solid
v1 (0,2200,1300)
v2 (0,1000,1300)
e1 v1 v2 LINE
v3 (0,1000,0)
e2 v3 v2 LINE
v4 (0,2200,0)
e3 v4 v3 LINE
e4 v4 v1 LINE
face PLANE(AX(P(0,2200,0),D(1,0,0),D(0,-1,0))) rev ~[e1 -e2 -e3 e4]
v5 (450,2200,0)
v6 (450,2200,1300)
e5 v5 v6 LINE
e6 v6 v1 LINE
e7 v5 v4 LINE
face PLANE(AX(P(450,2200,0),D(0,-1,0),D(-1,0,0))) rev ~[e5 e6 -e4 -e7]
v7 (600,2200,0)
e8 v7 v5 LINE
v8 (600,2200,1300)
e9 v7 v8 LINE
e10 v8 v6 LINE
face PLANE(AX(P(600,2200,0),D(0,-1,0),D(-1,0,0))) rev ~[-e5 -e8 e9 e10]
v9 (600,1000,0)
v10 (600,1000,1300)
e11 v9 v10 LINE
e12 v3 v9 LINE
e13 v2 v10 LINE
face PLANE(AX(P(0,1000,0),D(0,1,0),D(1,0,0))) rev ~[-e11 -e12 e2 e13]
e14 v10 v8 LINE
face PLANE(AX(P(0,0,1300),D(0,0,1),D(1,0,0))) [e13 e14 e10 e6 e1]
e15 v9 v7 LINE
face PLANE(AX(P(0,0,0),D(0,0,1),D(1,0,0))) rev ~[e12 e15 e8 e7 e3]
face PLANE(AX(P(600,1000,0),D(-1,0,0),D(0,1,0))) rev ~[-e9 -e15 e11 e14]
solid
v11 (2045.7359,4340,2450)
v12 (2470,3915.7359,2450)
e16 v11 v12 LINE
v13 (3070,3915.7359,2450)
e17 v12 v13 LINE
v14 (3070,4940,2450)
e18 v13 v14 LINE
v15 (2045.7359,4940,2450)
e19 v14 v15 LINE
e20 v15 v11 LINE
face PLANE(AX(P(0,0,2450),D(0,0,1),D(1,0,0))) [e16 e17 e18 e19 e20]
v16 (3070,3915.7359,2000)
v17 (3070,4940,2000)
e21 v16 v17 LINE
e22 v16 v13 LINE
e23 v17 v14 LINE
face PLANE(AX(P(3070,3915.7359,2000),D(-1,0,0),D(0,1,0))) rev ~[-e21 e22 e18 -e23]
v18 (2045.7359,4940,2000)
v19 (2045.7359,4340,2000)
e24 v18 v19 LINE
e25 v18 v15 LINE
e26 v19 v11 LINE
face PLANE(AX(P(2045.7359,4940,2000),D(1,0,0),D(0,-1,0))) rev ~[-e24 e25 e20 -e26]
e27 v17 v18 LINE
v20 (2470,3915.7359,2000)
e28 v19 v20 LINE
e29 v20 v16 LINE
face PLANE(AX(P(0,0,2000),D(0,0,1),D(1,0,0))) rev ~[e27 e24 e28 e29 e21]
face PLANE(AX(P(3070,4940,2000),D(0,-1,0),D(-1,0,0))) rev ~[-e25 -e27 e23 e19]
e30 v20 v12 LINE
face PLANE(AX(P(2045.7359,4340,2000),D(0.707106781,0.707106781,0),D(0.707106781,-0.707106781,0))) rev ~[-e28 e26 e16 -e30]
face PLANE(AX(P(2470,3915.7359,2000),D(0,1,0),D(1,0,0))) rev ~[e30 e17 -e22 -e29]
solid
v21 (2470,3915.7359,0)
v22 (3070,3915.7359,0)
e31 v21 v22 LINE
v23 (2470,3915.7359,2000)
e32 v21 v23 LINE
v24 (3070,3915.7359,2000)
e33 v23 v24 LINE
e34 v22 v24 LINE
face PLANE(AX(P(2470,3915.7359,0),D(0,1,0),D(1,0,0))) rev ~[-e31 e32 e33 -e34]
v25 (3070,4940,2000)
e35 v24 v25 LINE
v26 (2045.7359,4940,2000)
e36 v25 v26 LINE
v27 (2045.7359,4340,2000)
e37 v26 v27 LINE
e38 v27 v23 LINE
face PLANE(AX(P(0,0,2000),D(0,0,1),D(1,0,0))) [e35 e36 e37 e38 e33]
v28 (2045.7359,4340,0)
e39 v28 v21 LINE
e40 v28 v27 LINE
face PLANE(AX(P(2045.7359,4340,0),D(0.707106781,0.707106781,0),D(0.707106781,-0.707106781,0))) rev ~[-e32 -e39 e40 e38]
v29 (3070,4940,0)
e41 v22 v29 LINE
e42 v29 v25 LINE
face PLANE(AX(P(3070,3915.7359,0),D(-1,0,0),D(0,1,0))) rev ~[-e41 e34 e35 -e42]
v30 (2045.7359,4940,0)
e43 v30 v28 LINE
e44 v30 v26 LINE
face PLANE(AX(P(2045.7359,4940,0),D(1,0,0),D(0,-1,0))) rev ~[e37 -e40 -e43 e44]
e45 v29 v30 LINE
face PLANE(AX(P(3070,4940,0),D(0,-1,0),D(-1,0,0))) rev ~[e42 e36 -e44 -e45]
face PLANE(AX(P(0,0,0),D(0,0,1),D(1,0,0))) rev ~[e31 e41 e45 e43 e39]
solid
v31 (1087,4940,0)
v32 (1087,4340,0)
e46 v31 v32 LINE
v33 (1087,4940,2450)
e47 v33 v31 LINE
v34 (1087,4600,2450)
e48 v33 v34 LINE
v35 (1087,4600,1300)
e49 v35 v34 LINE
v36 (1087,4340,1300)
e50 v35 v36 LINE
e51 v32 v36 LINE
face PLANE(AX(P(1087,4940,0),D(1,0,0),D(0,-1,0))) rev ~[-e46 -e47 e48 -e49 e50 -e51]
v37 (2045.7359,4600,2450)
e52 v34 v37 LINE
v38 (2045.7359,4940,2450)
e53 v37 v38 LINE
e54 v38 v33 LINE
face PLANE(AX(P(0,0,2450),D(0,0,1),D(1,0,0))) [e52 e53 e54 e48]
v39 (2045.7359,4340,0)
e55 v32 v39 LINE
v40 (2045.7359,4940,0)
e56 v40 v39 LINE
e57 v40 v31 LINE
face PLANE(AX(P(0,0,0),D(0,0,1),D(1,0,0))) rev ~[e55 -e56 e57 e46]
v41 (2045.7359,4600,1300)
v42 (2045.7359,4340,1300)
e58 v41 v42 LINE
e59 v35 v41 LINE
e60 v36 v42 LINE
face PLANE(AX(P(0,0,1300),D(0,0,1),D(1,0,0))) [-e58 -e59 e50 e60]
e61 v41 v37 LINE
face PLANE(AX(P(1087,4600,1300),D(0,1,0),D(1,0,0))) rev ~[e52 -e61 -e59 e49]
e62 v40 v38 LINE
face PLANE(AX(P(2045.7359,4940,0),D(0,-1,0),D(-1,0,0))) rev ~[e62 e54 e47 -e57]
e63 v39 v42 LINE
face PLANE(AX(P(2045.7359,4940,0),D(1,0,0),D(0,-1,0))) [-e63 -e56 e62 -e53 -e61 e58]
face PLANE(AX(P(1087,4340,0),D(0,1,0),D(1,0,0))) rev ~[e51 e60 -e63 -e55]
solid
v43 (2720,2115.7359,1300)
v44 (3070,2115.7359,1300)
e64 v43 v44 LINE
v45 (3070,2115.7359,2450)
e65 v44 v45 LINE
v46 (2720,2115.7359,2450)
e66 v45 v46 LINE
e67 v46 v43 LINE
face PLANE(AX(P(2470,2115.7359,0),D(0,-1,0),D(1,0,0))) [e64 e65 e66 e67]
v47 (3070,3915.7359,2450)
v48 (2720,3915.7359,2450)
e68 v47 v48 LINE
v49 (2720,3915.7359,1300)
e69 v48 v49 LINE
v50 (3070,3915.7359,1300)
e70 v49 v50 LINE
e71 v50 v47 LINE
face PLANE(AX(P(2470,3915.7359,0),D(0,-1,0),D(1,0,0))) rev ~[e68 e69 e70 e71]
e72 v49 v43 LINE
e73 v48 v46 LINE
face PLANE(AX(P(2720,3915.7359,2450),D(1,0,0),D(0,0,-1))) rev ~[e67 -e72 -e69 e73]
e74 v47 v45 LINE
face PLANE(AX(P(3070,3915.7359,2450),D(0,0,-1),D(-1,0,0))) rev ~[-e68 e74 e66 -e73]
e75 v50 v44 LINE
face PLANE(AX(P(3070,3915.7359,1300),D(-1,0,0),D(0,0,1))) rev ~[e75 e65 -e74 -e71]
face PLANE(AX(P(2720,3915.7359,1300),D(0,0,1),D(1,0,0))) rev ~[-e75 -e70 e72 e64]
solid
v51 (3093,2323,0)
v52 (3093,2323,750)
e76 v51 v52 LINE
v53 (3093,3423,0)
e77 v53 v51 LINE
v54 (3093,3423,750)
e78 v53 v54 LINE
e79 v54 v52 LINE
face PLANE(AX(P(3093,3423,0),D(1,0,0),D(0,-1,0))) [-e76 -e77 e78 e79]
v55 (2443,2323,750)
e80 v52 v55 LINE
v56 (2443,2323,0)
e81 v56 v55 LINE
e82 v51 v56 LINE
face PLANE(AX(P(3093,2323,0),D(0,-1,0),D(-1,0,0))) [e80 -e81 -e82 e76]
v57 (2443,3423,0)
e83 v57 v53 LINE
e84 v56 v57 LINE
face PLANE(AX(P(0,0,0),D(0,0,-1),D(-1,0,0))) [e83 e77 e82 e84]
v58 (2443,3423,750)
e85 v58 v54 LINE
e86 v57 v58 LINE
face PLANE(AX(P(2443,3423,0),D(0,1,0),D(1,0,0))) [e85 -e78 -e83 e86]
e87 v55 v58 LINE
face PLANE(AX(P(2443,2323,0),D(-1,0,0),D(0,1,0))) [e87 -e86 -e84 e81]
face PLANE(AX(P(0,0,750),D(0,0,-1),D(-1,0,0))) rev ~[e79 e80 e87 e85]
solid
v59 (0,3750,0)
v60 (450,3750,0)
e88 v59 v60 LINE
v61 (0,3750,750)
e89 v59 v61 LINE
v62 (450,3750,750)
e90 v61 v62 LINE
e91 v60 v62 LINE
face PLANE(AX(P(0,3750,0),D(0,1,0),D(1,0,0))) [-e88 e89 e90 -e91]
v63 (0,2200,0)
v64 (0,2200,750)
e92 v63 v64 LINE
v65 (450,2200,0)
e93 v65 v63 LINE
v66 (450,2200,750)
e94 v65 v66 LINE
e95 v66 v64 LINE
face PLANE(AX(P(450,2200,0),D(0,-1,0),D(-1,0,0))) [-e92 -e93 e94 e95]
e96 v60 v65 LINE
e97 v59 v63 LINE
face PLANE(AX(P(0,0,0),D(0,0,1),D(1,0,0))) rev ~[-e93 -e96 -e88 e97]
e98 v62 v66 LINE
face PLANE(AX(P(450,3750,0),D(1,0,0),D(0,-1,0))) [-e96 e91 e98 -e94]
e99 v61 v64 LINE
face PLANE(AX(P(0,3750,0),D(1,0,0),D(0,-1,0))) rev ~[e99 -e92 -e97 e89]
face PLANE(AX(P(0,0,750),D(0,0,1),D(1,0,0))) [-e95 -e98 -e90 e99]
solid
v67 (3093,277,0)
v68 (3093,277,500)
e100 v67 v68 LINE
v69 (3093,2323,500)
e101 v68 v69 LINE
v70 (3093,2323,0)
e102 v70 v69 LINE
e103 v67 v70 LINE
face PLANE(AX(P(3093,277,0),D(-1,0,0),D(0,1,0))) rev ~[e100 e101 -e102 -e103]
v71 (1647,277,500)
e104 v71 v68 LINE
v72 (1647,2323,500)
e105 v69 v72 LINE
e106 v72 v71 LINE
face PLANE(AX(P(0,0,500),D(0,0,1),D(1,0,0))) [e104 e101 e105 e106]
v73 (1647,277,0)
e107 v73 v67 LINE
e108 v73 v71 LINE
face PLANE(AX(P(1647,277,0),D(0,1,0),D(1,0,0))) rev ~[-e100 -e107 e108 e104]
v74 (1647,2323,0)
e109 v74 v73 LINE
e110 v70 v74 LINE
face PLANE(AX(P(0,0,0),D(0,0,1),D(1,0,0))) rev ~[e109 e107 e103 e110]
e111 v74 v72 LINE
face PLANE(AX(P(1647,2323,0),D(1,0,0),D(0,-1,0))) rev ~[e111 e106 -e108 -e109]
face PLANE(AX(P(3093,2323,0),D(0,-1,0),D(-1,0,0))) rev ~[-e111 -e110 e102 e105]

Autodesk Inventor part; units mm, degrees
ref_plane "YZ Plane" through (0, 0, 0) normal (1, 0, 0) x (0, 1, 0)
ref_plane "XZ Plane" through (0, 0, 0) normal (0, 1, 0) x (-1, 0, 0)
ref_plane "XY Plane" through (0, 0, 0) normal (0, 0, 1) x (1, 0, 0)
sketch "Sketch1" plane through (0, 0, 0) normal (0, 0, 1) x (1, 0, 0)
  line L0 (0, 0) -> (3070, 0)
  line L1 (3070, 0) -> (3070, 4940)
  line L2 (3070, 4940) -> (0, 4940)
  line L3 (0, 4940) -> (0, 0)
  line L4 (-250, -250) -> (3320, -250)
  line L5 (3320, -250) -> (3320, 5190)
  line L6 (3320, 5190) -> (-250, 5190)
  line L7 (-250, 5190) -> (-250, -250)
  line L8 (57, 5190) -> (1057, 5190)
  line L9 (1057, 5190) -> (1057, 4940)
  line L10 (1057, 4940) -> (57, 4940)
  line L11 (57, 4940) -> (57, 5190)
  dimension "d0" = 3070
  dimension "d1" = 4940
  dimension "d2" = 250
  dimension "d4" = 2013
  dimension "d5" = 1000
sketch "Sketch3" plane through (0, 0, 0) normal (0, 0, 1) x (1, 0, 0)
  line L0 (2045.7359, 4340) -> (2470, 3915.7359)
  line L1 (2470, 3915.7359) -> (3070, 3915.7359)
  line L2 (3070, 3915.7359) -> (3070, 4940)
  line L3 (3070, 4940) -> (2045.7359, 4940)
  line L4 (2045.7359, 4940) -> (2045.7359, 4340)
  line L5 (3070, 4940) -> (0, 4940) projected
  line L6 (3070, 0) -> (3070, 4940) projected
  line L7 (2045.7359, 4940) -> (1087, 4940)
  line L8 (1087, 4940) -> (1087, 4340)
  line L9 (1087, 4340) -> (2045.7359, 4340)
  line L10 (2045.7359, 4340) -> (2045.7359, 4940)
  line L11 (1057, 5190) -> (1057, 4940) projected
  point P0 (0, 0)
  dimension "d6" = 45
  dimension "d7" = 600
  dimension "d9" = 600
  dimension "d10" = 30
extrude "Extrusion1" add sketch "Sketch3" along normal blind 2000 contours L4 L3 L2 L1 L0
extrude "Extrusion2" add sketch "Sketch3" along normal blind 1300 separate body contours L9 L8 L5 L4
sketch "Sketch4" plane through (0, 0, 2000) normal (0, 0, 1) x (1, 0, 0)
  line L0 (2045.7359, 4340) -> (2470, 3915.7359) projected
  line L1 (2470, 3915.7359) -> (3070, 3915.7359) projected
  line L2 (3070, 3915.7359) -> (3070, 4940) projected
  line L3 (3070, 4940) -> (2045.7359, 4940) projected
  line L4 (2045.7359, 4940) -> (2045.7359, 4340) projected
  point P0 (0, 0)
ref_plane "Work Plane1" through (0, 0, 2450) normal (0, 0, -1) x (-1, 0, 0)
extrude "Extrusion3" add sketch "Sketch4" along normal up to surface (450 mm away) separate body
sketch "Sketch5" plane through (0, 0, 1300) normal (0, 0, 1) x (1, 0, 0)
  line L0 (1087, 4940) -> (1087, 4340) projected
  line L1 (2045.7359, 4940) -> (1087, 4940)
  line L2 (1087, 4940) -> (1087, 4600)
  line L3 (1087, 4600) -> (2045.7359, 4600)
  line L4 (2045.7359, 4600) -> (2045.7359, 4940)
  point P0 (0, 0)
  dimension "d18" = 340
extrude "Extrusion4" add sketch "Sketch5" along normal up to surface (1150 mm away) bodies 2
sketch "Sketch6" plane through (2470, 3915.7359, 0) normal (0, -1, 0) x (1, 0, 0)
  line L0 (0, 0) -> (600, 0) projected
  line L1 (600, 2450) -> (250, 2450)
  line L2 (250, 2450) -> (250, 1300)
  line L3 (250, 1300) -> (600, 1300)
  line L4 (600, 1300) -> (600, 2450)
  point P0 (-2470, 0)
  dimension "d22" = 1300
  dimension "d23" = 350
extrude "Extrusion5" add sketch "Sketch6" along normal blind 1800 separate body
sketch "Sketch7" plane through (0, 0, 0) normal (0, 0, 1) x (1, 0, 0)
  line L0 (0, 4940) -> (0, 0) projected
  line L1 (0, 1000) -> (600, 1000)
  line L2 (600, 1000) -> (600, 2200)
  line L3 (600, 2200) -> (0, 2200)
  line L4 (0, 2200) -> (0, 1000)
  line L5 (0, 3750) -> (450, 3750)
  line L6 (450, 3750) -> (450, 2200)
  line L7 (450, 2200) -> (0, 2200)
  line L8 (0, 2200) -> (0, 3750)
  dimension "d26" = 1200
  dimension "d28" = 1550
  dimension "d29" = 450
  dimension "d30" = 600
  dimension "d31" = 1000
extrude "Extrusion6" add sketch "Sketch7" along normal blind 1300 separate body contours L3 L2 L1 L0
extrude "Extrusion7" add sketch "Sketch7" along normal blind 750 separate body contours L5 L6 L3 L0
sketch "Sketch8" plane through (0, 0, 0) normal (0, 0, 1) x (1, 0, 0)
  line L0 (3070, 300) -> (1670, 300) construction
  line L1 (1670, 300) -> (1670, 2300) construction
  line L2 (1670, 2300) -> (3070, 2300) construction
  line L3 (3070, 2300) -> (3070, 300) construction
  line L4 (3070, 3915.7359) -> (3070, 4940) projected
  line L5 (1647, 2323) -> (1647, 277)
  line L6 (1647, 277) -> (3093, 277)
  line L7 (3093, 277) -> (3093, 2323)
  line L8 (3093, 2323) -> (1647, 2323)
  point P0 (0, 0)
  dimension "d36" = 1400
  dimension "d38" = 300
  dimension "d39" = 2000
  dimension "d40" = 23
extrude "Extrusion8" add sketch "Sketch8" along normal blind 500 separate body
ref_plane "Plintuso aukstis" through (0, 0, 70) normal (0, 0, -1) x (-1, 0, 0)
sketch "Sketch9" plane through (0, 0, 0) normal (0, 0, -1) x (-1, 0, 0)
  line L0 (-3093, 2323) -> (-2443, 2323)
  line L1 (-2443, 2323) -> (-2443, 3423)
  line L2 (-2443, 3423) -> (-3093, 3423)
  line L3 (-3093, 3423) -> (-3093, 2323)
  line L4 (-2470, 3915.7359) -> (-3070, 3915.7359) projected
  point P0 (0, 0)
  dimension "d45" = 1100
  dimension "d47" = 650
extrude "Extrusion9" add sketch "Sketch9" against normal blind 750 separate body
properties part number "SkeletonLR_00000000"
